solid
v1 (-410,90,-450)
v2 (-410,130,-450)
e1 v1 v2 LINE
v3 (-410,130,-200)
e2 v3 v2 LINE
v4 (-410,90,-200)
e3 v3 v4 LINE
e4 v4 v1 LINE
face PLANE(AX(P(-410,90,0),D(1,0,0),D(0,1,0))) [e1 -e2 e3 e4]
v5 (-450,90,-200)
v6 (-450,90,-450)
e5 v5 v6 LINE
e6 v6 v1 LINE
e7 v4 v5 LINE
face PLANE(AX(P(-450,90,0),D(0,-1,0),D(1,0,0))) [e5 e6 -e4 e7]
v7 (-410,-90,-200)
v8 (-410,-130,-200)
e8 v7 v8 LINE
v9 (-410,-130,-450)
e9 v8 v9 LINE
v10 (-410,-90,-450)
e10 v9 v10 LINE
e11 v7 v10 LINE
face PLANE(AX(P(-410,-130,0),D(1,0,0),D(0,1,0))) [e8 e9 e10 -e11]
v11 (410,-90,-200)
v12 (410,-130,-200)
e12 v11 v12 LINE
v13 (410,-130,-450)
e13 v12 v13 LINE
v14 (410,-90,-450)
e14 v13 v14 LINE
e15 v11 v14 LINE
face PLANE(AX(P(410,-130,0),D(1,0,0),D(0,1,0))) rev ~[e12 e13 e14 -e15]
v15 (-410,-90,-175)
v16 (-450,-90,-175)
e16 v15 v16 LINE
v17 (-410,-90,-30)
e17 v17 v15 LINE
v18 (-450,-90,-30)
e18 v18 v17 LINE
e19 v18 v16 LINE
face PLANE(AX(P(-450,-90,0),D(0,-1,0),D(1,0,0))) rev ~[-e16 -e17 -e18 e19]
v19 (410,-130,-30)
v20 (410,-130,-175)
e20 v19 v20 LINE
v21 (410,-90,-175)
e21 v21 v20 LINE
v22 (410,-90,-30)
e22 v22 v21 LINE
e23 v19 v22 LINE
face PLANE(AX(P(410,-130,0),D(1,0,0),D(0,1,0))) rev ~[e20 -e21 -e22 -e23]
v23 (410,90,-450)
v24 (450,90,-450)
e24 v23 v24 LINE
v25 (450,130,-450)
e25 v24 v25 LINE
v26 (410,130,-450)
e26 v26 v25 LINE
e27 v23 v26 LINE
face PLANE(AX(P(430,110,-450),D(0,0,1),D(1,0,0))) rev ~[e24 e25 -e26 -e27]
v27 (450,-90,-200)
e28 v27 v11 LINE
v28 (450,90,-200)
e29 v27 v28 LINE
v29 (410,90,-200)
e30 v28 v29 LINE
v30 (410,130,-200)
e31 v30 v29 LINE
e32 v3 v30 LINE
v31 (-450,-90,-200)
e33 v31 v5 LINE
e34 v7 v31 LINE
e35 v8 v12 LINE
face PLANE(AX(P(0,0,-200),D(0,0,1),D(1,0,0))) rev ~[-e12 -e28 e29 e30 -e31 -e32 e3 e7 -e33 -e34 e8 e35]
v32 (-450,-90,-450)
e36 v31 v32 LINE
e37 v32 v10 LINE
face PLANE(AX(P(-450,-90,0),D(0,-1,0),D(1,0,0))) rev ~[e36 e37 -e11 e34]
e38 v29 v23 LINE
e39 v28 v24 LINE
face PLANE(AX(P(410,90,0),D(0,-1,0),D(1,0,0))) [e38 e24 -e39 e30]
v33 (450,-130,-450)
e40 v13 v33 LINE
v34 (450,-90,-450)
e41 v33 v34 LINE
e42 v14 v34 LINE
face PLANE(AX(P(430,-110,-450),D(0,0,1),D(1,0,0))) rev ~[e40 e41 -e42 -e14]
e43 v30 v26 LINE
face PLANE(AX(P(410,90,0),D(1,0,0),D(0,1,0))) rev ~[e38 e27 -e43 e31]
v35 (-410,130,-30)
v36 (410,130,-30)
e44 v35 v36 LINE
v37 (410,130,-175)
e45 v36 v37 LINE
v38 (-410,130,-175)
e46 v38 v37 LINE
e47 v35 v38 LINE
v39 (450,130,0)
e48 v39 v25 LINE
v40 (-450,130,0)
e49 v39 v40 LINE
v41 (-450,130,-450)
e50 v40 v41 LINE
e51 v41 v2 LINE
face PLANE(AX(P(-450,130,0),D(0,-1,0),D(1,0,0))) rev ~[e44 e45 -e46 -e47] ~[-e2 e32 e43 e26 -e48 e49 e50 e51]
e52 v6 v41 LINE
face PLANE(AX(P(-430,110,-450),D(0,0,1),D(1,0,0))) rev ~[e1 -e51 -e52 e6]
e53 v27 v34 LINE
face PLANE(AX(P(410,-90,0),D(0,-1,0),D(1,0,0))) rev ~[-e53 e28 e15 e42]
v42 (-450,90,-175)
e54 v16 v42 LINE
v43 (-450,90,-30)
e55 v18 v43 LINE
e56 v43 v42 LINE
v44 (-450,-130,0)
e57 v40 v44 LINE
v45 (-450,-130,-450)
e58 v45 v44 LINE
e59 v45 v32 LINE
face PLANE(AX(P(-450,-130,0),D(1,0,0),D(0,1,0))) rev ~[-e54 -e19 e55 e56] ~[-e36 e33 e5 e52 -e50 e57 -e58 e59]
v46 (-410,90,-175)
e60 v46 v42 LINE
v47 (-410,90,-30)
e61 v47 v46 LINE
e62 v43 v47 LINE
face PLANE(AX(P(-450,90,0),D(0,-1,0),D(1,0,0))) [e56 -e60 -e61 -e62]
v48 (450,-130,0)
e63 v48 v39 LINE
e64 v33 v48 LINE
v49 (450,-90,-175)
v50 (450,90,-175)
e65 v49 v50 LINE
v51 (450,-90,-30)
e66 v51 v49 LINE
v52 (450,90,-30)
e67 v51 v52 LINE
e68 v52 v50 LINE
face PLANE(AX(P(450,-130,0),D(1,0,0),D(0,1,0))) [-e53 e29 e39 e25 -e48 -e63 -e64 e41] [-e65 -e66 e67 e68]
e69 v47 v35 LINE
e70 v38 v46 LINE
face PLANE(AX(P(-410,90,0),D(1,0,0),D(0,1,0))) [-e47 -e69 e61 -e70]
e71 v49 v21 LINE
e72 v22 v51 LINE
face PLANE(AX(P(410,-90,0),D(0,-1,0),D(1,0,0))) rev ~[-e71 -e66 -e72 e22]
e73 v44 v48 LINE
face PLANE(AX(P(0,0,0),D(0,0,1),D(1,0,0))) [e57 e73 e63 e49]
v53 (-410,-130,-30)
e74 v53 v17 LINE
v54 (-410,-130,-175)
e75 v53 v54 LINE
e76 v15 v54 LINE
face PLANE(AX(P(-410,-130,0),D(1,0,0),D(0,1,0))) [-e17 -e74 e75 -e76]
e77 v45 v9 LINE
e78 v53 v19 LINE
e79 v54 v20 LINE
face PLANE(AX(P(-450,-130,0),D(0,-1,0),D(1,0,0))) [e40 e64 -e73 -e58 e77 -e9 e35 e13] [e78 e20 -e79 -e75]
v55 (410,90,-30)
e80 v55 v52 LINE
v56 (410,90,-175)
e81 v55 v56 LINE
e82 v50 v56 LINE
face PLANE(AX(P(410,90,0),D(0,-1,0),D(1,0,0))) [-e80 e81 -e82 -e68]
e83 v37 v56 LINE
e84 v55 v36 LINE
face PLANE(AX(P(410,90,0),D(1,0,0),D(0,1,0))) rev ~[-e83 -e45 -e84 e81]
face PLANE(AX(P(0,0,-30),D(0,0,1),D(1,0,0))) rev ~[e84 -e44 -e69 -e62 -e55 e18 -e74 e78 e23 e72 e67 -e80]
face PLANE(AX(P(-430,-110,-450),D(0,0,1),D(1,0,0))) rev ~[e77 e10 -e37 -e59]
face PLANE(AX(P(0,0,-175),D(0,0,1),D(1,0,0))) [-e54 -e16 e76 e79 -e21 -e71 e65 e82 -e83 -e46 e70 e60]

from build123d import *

# Parameters (mm, degrees)
F0_W     = 900
F0_H     = 260
F1_DEPTH = 30
F2_W     = 40
F2_H     = 40
F3_DEPTH = 450
F5_W     = 900
F5_H     = 260
F6_DEPTH = 25


with BuildPart() as f1:
    # F0 (on Top) → F1 (new body)
    with BuildSketch(Plane.XY):
        Rectangle(F0_W, F0_H)
    extrude(amount=-F1_DEPTH)

    # F2 (on Top) → F3 (join)
    with BuildSketch(Plane.XY):
        with Locations((430, 110)):
            Rectangle(F2_W, F2_H)
        with Locations((-430, 110)):
            Rectangle(F2_W, F2_H)
        with Locations((-430, -110)):
            Rectangle(F2_W, F2_H)
        with Locations((430, -110)):
            Rectangle(F2_W, F2_H)
    extrude(amount=-F3_DEPTH)

    # F5 (on offset) → F6 (join)
    with BuildSketch(Plane.XY.offset(-200)):
        Rectangle(F5_W, F5_H)
    extrude(amount=F6_DEPTH)


solid = f1.part
